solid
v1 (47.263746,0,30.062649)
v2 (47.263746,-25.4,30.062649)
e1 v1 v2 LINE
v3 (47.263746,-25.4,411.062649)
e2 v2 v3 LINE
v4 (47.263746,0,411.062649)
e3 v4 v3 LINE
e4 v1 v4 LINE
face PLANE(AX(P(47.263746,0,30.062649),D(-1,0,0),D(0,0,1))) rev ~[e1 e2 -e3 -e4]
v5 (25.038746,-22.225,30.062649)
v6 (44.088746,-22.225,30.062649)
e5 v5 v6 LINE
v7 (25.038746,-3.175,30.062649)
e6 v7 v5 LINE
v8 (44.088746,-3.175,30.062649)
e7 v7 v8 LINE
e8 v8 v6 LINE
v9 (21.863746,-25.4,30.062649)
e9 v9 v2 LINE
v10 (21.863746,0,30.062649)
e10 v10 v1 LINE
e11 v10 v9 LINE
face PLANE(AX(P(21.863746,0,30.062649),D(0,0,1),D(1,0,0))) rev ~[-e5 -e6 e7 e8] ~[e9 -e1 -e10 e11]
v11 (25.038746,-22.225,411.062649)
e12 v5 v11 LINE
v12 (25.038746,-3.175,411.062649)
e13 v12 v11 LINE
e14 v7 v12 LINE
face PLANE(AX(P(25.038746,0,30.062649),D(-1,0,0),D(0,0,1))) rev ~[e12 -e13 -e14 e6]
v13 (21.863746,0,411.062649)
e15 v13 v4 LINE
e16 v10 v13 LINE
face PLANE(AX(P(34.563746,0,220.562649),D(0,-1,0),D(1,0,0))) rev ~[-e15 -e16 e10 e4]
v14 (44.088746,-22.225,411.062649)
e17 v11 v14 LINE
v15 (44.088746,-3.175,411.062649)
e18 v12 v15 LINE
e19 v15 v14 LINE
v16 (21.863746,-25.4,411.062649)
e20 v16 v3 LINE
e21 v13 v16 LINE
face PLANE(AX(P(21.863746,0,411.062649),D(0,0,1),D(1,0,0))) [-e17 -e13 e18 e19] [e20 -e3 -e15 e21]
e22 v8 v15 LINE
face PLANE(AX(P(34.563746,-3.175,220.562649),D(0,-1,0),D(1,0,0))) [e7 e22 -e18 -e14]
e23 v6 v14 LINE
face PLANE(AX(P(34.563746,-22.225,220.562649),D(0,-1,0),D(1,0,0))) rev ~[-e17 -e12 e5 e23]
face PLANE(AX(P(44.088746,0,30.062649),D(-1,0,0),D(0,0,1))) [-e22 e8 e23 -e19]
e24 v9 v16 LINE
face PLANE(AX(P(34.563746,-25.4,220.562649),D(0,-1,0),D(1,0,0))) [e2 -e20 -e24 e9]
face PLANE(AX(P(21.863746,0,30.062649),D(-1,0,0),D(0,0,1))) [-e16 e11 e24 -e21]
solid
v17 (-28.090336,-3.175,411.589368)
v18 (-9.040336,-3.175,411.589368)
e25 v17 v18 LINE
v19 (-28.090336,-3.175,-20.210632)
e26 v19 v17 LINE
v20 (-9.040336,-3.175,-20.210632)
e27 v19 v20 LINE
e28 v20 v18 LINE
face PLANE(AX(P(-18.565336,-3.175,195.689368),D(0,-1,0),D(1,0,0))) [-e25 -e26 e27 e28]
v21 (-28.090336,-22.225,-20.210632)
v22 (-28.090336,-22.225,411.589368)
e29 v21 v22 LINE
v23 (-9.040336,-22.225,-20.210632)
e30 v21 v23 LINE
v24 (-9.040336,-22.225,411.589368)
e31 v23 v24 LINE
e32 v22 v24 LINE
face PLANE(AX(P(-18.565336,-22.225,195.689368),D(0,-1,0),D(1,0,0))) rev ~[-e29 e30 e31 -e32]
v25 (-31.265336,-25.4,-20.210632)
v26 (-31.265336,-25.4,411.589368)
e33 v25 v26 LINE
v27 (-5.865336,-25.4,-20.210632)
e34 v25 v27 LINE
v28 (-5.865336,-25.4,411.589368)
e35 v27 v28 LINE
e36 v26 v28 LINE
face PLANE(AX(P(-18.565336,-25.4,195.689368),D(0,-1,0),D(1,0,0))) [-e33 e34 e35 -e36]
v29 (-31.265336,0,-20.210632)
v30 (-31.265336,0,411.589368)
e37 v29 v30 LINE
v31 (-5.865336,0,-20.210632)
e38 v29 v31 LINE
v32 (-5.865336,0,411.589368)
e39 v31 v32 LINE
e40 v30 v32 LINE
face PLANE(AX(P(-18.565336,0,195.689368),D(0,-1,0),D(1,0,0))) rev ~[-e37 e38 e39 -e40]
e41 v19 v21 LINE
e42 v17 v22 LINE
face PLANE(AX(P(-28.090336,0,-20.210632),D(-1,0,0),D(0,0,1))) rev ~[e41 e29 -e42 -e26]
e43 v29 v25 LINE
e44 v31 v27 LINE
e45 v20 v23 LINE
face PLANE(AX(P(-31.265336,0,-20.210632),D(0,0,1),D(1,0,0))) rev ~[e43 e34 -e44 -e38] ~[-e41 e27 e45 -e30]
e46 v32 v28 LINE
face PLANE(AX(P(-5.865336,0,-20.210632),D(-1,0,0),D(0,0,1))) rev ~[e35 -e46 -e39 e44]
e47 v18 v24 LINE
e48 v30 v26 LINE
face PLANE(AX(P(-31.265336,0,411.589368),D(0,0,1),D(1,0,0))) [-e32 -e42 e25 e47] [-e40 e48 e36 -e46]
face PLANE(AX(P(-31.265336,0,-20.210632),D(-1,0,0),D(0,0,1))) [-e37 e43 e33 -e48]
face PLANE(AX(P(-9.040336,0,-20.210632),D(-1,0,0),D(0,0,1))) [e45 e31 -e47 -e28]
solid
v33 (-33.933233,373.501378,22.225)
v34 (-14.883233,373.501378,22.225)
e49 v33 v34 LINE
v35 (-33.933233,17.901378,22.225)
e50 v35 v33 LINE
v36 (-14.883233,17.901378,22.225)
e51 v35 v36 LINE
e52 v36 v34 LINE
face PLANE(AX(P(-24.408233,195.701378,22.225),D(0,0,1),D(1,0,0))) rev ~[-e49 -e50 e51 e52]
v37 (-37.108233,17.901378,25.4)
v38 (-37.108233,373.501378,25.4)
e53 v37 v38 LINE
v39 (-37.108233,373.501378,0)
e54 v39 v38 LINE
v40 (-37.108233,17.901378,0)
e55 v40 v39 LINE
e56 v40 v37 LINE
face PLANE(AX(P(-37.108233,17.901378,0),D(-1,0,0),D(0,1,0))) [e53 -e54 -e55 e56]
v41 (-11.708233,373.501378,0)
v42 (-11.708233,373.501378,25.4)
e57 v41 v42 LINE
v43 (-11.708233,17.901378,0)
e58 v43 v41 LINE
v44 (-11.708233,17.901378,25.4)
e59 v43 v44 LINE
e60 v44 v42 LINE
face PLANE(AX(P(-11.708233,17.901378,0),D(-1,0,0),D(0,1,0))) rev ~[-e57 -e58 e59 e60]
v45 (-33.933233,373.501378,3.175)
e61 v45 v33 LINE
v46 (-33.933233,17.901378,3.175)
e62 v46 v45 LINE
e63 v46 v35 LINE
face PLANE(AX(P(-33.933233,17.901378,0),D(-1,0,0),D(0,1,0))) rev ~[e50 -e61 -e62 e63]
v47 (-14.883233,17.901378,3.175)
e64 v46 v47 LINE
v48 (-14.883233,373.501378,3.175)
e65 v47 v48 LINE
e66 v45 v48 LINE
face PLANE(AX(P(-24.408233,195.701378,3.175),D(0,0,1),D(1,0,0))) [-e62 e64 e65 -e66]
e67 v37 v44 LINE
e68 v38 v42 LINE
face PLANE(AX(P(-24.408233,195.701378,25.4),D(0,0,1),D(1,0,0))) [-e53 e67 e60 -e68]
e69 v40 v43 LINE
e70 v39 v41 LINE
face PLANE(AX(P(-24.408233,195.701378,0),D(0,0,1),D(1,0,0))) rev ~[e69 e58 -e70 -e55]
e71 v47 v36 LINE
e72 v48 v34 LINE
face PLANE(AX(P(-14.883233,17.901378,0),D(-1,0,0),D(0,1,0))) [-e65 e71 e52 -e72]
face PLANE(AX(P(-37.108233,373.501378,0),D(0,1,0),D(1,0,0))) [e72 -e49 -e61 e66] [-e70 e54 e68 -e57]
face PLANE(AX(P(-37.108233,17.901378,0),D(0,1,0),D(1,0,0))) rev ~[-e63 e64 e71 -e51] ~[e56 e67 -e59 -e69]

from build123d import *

# Parameters (mm, degrees)
F0_W     = 25.4
F0_H     = 431.8
F1_DEPTH = 25.4
F0_H_2   = 381
F2_T     = -3.175
F2_2_T   = -3.175
F3_W     = 25.4
F3_H     = 355.6
F4_DEPTH = 25.4
F5_T     = -3.175


with BuildPart() as f1:
    # F0 (on Front) → F1 (new body)
    with BuildSketch(Plane.XZ):
        with Locations((-18.5653362423, 195.6893682097)):
            Rectangle(F0_W, F0_H)
    extrude(amount=F1_DEPTH)

    # F2
    f2_openings = [f1.faces().sort_by_distance(p)[0] for p in [
        (-18.565336, -12.7, 411.589368),
        (-18.565336, -12.7, -20.210632),
    ]]
    offset(amount=F2_T, openings=f2_openings)


with BuildPart() as f1b:
    # F0 (on Front) → F1, piece 2 (new body)
    with BuildSketch(Plane.XZ):
        with Locations((34.5637455255, 220.562649399)):
            Rectangle(F0_W, F0_H_2)
    extrude(amount=F1_DEPTH)

    # F2#2
    f2_2_openings = [f1b.faces().sort_by_distance(p)[0] for p in [
        (34.563746, -12.7, 411.062649),
        (34.563746, -12.7, 30.062649),
    ]]
    offset(amount=F2_2_T, openings=f2_2_openings)


with BuildPart() as f4:
    # F3 (on Top) → F4 (new body)
    with BuildSketch(Plane.XY):
        with Locations((-24.4082328863, 195.701378429)):
            Rectangle(F3_W, F3_H)
    extrude(amount=F4_DEPTH)

    # F5
    f5_openings = [f4.faces().sort_by_distance(p)[0] for p in [
        (-24.408233, 373.501378, 12.7),
        (-24.408233, 17.901378, 12.7),
    ]]
    offset(amount=F5_T, openings=f5_openings)


solid = Compound([f1.part, f1b.part, f4.part])
